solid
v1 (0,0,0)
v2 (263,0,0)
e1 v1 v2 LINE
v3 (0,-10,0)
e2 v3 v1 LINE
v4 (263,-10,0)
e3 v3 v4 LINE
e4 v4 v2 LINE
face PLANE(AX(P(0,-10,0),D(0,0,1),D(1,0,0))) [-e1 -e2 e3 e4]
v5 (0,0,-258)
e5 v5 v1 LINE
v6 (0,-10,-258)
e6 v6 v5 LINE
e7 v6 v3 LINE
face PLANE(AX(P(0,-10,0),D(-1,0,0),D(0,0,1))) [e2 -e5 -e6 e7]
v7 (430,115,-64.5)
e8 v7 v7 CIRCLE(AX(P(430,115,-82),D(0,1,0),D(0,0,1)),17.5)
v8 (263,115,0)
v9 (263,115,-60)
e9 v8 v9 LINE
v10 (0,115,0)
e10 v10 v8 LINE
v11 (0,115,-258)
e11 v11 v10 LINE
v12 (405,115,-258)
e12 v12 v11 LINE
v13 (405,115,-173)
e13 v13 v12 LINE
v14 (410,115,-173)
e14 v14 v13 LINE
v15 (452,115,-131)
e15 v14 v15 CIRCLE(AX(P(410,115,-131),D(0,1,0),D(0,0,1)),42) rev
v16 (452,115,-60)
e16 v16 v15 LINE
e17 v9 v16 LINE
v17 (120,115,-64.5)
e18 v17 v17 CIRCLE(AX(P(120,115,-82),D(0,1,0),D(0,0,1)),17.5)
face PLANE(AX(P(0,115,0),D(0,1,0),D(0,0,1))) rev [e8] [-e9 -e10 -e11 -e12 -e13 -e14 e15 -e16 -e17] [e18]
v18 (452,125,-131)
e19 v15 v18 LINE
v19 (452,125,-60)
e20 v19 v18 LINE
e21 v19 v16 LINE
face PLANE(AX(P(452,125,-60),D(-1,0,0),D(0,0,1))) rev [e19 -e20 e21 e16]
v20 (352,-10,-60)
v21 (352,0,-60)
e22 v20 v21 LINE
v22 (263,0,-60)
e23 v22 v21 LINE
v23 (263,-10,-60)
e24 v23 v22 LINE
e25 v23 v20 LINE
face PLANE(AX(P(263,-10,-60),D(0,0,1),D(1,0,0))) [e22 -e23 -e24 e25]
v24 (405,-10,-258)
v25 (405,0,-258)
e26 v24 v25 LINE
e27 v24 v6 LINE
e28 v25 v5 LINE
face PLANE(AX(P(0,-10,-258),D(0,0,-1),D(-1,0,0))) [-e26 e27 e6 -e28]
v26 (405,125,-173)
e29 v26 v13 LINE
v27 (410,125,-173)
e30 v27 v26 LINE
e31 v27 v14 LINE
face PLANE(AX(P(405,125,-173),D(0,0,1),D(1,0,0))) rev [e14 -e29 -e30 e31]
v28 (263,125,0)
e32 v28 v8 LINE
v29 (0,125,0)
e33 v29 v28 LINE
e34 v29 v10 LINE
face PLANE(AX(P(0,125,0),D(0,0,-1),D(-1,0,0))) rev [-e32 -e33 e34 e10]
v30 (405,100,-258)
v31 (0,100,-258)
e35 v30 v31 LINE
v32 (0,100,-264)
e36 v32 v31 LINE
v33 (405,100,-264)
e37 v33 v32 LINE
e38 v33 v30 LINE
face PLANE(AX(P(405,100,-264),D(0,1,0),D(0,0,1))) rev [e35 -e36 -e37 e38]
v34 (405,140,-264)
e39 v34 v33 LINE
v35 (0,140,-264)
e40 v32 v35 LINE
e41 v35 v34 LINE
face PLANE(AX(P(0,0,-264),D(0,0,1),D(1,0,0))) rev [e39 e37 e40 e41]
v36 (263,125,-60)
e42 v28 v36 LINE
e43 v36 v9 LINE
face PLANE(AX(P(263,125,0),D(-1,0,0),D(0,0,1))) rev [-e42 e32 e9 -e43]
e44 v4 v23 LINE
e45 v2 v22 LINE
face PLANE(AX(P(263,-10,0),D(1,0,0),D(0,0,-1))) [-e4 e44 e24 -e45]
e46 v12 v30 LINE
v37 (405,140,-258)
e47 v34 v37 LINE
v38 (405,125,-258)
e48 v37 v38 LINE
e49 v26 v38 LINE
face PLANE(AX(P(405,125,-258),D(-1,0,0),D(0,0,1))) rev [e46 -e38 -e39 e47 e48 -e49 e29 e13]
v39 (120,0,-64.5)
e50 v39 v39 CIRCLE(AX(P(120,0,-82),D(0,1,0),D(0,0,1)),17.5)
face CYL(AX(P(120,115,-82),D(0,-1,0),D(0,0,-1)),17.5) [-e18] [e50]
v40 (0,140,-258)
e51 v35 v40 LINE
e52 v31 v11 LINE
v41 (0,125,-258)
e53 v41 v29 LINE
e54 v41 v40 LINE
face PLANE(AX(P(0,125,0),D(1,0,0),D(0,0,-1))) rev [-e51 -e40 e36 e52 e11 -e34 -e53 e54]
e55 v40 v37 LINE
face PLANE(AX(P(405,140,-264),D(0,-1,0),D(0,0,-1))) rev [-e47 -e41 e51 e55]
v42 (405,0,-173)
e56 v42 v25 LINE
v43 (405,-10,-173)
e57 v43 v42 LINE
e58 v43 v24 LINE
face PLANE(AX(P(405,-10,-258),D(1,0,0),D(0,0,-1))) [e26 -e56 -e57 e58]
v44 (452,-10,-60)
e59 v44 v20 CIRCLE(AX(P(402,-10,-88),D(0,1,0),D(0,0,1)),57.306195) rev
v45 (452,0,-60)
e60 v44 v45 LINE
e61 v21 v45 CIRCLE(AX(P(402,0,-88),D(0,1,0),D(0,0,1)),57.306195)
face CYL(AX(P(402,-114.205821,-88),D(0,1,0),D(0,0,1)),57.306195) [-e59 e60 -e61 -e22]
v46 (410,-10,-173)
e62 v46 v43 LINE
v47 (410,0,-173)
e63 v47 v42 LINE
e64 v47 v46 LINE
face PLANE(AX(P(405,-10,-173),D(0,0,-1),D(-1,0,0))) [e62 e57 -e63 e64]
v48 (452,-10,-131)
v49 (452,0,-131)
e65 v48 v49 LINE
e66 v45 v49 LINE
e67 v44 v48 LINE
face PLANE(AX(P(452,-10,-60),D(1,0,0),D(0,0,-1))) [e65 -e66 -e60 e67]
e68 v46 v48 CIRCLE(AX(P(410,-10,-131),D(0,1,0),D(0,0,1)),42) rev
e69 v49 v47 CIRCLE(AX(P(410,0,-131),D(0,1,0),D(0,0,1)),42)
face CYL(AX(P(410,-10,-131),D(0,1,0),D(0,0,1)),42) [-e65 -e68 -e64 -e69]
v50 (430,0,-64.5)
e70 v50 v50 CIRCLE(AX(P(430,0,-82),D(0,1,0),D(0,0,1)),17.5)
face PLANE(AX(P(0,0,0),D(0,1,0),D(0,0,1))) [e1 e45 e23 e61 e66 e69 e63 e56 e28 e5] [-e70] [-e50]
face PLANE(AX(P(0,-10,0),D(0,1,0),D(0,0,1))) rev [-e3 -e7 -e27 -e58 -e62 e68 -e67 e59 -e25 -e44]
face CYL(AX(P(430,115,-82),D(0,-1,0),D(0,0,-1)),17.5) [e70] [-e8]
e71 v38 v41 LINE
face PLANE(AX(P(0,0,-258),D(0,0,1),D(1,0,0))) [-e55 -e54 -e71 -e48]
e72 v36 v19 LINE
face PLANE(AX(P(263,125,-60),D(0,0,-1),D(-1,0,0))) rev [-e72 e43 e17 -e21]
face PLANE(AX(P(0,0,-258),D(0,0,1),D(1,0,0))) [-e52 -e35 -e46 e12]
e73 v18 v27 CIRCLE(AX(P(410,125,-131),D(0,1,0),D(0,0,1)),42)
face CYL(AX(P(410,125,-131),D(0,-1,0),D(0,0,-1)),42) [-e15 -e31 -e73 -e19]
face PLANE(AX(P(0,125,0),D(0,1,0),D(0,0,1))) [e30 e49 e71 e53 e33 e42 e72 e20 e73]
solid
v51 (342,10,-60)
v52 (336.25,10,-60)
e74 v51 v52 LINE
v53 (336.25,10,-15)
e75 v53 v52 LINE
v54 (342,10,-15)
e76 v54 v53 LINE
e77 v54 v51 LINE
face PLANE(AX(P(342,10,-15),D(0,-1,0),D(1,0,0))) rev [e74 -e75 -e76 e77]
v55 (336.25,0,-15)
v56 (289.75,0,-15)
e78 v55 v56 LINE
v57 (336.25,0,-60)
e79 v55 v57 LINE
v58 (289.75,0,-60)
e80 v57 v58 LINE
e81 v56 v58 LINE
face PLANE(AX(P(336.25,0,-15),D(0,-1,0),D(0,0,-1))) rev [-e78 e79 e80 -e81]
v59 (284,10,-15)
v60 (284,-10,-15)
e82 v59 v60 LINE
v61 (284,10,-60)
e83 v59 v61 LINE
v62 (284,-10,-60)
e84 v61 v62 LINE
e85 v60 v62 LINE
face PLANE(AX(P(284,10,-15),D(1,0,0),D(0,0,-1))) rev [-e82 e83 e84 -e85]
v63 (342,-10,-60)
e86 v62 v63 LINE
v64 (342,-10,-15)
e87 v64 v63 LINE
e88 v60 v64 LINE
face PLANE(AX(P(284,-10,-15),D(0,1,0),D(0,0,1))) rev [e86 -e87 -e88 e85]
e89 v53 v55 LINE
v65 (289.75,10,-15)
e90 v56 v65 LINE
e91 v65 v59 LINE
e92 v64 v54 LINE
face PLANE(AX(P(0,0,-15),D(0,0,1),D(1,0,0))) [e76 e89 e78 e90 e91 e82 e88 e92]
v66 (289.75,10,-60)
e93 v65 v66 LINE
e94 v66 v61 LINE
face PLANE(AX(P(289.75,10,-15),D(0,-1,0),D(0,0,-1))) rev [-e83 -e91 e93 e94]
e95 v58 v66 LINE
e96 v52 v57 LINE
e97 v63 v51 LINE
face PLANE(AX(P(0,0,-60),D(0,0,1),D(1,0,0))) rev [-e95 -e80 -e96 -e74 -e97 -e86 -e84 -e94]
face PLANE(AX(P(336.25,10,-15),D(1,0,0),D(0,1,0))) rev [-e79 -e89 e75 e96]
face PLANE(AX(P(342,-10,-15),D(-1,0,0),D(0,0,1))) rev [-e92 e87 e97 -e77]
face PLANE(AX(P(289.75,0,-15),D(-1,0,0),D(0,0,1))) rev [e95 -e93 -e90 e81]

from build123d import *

# Parameters (mm, degrees)
AUFSATZ_LINEAR_AUSTRAGEN0_DEPTH       = 10
SKIZZE1_R                             = 17.5
AUFSATZ_LINEAR_AUSTRAGEN1_DEPTH       = 115
AUFSATZ_LINEAR_AUSTRAGEN2_DEPTH       = 10
VERRUNDUNG1_R                         = 42
AUFSATZ_LINEAR_AUSTRAGEN3_DEPTH       = 10
SKIZZE4_W                             = 405
SKIZZE4_H                             = 40
AUFSATZ_LINEAR_AUSTRAGEN4_DEPTH       = 6
HIER_SOLL_NE_KURVE_DRAUS_WERDEN_DEPTH = 45


with BuildPart() as part:
    # Skizze0 → Aufsatz-Linear austragen0 (new body)
    with BuildSketch(Plane(origin=(0, 0, 0), x_dir=(1, 0, 0), z_dir=(0, 1, 0))):
        Polygon((0, 0), (263, 0), (263, 60), (452, 60), (452, 173), (405, 173), (405, 258), (0, 258), align=None)
    extrude(amount=-AUFSATZ_LINEAR_AUSTRAGEN0_DEPTH)

    # Skizze1 → Aufsatz-Linear austragen1 (add)
    with BuildSketch(Plane(origin=(0, 0, 0), x_dir=(1, 0, 0), z_dir=(0, 1, 0))):
        with Locations(Location((120, 82, 0), (0, 0, 270))):  # turned: the seam where the file's is
            Circle(SKIZZE1_R)
        with Locations(Location((430, 82, 0), (0, 0, 270))):  # turned: the seam where the file's is
            Circle(SKIZZE1_R)
    extrude(amount=AUFSATZ_LINEAR_AUSTRAGEN1_DEPTH)

    # Skizze2 → Aufsatz-Linear austragen2 (add)
    with BuildSketch(Plane(origin=(0, 115, 115), x_dir=(1, 0, 0), z_dir=(0, 1, 0))):
        Polygon((0, 115), (263, 115), (263, 175), (452, 175), (452, 288), (405, 288), (405, 373), (0, 373), align=None)
    extrude(amount=AUFSATZ_LINEAR_AUSTRAGEN2_DEPTH)

    # Verrundung1
    verrundung1_edges = [part.edges().sort_by_distance(p)[0] for p in [
        (452, -5, -173),
        (452, 120, -173),
    ]]
    fillet(verrundung1_edges, radius=VERRUNDUNG1_R)

    # Skizze3 → Aufsatz-Linear austragen3 (add)
    with BuildSketch(Plane(origin=(0, 0, 0), x_dir=(1, 0, 0), z_dir=(0, 1, 0))):
        with BuildLine():
            Line((452, 60), (352, 60))
            ThreePointArc((352, 60), (402, 30.693804872), (452, 60))
        make_face()
    extrude(amount=-AUFSATZ_LINEAR_AUSTRAGEN3_DEPTH)

    # Skizze4 → Aufsatz-Linear austragen4 (add)
    with BuildSketch(Plane(origin=(0, 0, -258), x_dir=(-1, 0, 0), z_dir=(0, 0, -1))):
        with Locations((-202.5, 120)):
            Rectangle(SKIZZE4_W, SKIZZE4_H)
    extrude(amount=AUFSATZ_LINEAR_AUSTRAGEN4_DEPTH)


with BuildPart() as body_2:
    # Profil → Hier soll 'ne Kurve draus werden (new body)
    with BuildSketch(Plane.XY.offset(-60)):
        Polygon((284, 10), (284, -10), (342, -10), (342, 10), (336.25, 10), (336.25, 0), (289.75, 0), (289.75, 10), align=None)
    extrude(amount=HIER_SOLL_NE_KURVE_DRAUS_WERDEN_DEPTH)


solid = Compound([part.part, body_2.part])
